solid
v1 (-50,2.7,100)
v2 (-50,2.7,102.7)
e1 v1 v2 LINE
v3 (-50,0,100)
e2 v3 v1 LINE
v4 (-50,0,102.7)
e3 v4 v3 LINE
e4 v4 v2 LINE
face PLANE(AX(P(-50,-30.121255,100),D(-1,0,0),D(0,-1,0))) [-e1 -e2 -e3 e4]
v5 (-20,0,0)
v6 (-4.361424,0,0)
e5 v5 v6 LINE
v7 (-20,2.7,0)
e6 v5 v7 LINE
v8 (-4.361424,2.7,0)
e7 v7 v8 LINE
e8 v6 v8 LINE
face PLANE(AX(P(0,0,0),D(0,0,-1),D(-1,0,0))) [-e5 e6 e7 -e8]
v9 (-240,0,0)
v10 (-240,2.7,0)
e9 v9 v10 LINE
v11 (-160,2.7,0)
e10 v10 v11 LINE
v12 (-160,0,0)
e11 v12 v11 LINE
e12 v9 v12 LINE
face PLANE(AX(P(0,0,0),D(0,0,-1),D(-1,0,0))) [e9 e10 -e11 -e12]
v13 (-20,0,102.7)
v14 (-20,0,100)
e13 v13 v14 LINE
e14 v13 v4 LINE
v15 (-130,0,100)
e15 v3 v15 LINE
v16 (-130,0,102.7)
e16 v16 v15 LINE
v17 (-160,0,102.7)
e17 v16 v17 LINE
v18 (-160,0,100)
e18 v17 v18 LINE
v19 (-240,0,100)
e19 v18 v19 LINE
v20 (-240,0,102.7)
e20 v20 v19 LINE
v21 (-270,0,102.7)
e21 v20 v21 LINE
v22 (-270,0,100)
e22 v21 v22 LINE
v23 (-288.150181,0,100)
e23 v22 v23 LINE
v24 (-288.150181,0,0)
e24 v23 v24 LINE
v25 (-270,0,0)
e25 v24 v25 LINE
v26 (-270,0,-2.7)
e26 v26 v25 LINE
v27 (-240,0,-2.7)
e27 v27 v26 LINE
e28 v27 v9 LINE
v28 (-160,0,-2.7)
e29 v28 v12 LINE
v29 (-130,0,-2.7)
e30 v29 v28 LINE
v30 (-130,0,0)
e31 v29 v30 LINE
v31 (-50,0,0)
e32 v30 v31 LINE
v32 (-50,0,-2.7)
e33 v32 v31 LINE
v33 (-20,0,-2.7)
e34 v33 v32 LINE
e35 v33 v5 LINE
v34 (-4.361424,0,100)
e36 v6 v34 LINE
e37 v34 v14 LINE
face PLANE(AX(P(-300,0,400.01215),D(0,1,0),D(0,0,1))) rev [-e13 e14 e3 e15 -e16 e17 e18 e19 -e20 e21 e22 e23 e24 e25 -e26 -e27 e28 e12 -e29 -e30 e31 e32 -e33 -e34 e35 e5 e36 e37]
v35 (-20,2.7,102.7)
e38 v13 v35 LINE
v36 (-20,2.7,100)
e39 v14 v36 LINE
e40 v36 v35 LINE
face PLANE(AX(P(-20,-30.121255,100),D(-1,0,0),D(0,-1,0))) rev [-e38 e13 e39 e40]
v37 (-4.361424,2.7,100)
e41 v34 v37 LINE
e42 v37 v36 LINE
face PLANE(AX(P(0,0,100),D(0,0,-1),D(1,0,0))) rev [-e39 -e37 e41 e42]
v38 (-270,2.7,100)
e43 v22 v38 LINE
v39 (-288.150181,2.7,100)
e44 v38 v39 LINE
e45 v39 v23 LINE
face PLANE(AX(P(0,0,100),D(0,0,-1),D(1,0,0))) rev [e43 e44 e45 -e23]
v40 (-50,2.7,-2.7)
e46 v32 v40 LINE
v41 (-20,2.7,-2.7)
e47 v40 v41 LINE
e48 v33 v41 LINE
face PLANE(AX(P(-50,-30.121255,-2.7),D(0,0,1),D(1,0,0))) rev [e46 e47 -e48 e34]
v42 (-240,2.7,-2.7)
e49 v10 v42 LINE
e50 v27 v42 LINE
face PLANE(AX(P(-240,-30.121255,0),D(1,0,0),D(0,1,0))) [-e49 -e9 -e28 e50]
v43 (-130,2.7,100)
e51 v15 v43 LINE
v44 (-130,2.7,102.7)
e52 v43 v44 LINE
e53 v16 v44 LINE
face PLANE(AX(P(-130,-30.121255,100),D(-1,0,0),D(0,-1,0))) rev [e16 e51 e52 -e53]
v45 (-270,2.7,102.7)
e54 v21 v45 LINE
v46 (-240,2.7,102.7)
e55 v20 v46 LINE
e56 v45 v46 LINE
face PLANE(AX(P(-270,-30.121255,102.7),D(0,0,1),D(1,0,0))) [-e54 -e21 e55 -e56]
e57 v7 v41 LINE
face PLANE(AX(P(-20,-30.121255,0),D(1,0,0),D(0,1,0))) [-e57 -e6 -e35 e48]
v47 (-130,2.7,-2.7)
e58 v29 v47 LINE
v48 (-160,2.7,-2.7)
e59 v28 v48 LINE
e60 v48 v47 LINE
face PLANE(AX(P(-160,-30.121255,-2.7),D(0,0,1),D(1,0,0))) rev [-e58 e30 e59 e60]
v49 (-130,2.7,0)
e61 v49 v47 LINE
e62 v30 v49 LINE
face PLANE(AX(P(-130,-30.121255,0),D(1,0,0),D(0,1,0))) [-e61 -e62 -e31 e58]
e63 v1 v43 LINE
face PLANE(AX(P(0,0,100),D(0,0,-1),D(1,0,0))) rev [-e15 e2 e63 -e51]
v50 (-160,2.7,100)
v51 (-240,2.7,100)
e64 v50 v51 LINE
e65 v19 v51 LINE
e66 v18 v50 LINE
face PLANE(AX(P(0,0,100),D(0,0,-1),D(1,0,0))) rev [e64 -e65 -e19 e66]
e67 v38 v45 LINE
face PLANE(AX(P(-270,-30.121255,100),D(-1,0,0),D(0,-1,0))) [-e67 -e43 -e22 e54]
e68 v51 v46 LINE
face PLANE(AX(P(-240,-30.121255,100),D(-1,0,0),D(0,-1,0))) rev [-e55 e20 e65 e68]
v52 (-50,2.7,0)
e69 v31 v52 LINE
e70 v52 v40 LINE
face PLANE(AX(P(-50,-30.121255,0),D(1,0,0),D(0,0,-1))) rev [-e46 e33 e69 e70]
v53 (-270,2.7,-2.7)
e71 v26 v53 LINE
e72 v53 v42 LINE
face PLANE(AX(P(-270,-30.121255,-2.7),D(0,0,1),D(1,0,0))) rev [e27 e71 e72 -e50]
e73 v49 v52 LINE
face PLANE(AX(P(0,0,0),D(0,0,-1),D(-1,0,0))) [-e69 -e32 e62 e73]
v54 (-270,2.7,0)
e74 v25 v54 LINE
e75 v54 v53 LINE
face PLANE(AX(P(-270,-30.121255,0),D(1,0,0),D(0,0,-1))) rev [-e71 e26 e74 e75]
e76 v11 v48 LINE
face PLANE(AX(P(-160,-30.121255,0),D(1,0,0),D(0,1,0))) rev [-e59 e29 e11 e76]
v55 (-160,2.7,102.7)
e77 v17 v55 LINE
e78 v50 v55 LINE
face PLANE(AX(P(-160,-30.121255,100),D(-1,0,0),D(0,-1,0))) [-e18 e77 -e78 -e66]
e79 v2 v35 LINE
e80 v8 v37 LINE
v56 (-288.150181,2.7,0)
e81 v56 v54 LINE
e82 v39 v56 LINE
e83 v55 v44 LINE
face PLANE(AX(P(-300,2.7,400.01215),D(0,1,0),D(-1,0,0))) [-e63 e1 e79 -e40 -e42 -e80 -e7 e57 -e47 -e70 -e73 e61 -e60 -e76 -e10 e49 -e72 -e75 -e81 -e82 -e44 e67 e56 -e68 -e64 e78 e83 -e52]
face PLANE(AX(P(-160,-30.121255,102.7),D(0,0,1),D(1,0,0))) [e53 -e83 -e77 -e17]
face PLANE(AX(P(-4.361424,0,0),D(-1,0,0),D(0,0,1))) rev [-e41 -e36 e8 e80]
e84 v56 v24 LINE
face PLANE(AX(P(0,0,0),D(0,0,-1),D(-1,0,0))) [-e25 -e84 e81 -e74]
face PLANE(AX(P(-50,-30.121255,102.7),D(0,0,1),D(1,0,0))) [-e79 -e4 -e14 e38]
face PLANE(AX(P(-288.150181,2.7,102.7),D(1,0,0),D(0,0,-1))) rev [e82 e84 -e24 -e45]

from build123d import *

# Parameters (mm, degrees)
SKETCH1_W           = 300
SKETCH1_H           = 2.7
BOSS_EXTRUDE1_DEPTH = 100
SKETCH3_W           = 30
SKETCH3_H           = 2.7
BOSS_EXTRUDE2_DEPTH = 2.7
SKETCH4_W           = 11.849818602
SKETCH4_H           = 2.7
CUT_EXTRUDE1_DEPTH  = 318.103421615
SKETCH5_W           = 4.361423596
SKETCH5_H           = 100
CUT_EXTRUDE2_DEPTH  = 2.7


with BuildPart() as part:
    # Sketch1 → Boss-Extrude1 (new body)
    with BuildSketch(Plane.XY):
        with Locations((-150, 1.35)):
            Rectangle(SKETCH1_W, SKETCH1_H)
    extrude(amount=BOSS_EXTRUDE1_DEPTH)

    # Sketch3 → Boss-Extrude2 (add)
    with BuildSketch(Plane(origin=(0, 2.7, 0), x_dir=(1, 0, 0), z_dir=(0, 1, 0))):
        with Locations((-35, 1.35)):
            Rectangle(SKETCH3_W, SKETCH3_H)
        with Locations((-145, 1.35)):
            Rectangle(SKETCH3_W, SKETCH3_H)
        with Locations((-255, 1.35)):
            Rectangle(SKETCH3_W, SKETCH3_H)
        with Locations((-255, -101.35)):
            Rectangle(SKETCH3_W, SKETCH3_H)
        with Locations((-145, -101.35)):
            Rectangle(SKETCH3_W, SKETCH3_H)
        with Locations((-35, -101.35)):
            Rectangle(SKETCH3_W, SKETCH3_H)
    extrude(amount=-BOSS_EXTRUDE2_DEPTH)

    # Sketch4 → Cut-Extrude1 (cut, through all)
    with BuildSketch(Plane(origin=(0, 0, 0), x_dir=(-1, 0, 0), z_dir=(0, 0, -1))):
        with Locations((294.075090699, 1.35)):
            Rectangle(SKETCH4_W, SKETCH4_H)
    extrude(amount=-CUT_EXTRUDE1_DEPTH, mode=Mode.SUBTRACT)

    # Sketch5 → Cut-Extrude2 (cut)
    with BuildSketch(Plane(origin=(0, 2.7, 0), x_dir=(1, 0, 0), z_dir=(0, 1, 0))):
        with Locations((-2.180711798, -50)):
            Rectangle(SKETCH5_W, SKETCH5_H)
    extrude(amount=-CUT_EXTRUDE2_DEPTH, mode=Mode.SUBTRACT)


solid = part.part
